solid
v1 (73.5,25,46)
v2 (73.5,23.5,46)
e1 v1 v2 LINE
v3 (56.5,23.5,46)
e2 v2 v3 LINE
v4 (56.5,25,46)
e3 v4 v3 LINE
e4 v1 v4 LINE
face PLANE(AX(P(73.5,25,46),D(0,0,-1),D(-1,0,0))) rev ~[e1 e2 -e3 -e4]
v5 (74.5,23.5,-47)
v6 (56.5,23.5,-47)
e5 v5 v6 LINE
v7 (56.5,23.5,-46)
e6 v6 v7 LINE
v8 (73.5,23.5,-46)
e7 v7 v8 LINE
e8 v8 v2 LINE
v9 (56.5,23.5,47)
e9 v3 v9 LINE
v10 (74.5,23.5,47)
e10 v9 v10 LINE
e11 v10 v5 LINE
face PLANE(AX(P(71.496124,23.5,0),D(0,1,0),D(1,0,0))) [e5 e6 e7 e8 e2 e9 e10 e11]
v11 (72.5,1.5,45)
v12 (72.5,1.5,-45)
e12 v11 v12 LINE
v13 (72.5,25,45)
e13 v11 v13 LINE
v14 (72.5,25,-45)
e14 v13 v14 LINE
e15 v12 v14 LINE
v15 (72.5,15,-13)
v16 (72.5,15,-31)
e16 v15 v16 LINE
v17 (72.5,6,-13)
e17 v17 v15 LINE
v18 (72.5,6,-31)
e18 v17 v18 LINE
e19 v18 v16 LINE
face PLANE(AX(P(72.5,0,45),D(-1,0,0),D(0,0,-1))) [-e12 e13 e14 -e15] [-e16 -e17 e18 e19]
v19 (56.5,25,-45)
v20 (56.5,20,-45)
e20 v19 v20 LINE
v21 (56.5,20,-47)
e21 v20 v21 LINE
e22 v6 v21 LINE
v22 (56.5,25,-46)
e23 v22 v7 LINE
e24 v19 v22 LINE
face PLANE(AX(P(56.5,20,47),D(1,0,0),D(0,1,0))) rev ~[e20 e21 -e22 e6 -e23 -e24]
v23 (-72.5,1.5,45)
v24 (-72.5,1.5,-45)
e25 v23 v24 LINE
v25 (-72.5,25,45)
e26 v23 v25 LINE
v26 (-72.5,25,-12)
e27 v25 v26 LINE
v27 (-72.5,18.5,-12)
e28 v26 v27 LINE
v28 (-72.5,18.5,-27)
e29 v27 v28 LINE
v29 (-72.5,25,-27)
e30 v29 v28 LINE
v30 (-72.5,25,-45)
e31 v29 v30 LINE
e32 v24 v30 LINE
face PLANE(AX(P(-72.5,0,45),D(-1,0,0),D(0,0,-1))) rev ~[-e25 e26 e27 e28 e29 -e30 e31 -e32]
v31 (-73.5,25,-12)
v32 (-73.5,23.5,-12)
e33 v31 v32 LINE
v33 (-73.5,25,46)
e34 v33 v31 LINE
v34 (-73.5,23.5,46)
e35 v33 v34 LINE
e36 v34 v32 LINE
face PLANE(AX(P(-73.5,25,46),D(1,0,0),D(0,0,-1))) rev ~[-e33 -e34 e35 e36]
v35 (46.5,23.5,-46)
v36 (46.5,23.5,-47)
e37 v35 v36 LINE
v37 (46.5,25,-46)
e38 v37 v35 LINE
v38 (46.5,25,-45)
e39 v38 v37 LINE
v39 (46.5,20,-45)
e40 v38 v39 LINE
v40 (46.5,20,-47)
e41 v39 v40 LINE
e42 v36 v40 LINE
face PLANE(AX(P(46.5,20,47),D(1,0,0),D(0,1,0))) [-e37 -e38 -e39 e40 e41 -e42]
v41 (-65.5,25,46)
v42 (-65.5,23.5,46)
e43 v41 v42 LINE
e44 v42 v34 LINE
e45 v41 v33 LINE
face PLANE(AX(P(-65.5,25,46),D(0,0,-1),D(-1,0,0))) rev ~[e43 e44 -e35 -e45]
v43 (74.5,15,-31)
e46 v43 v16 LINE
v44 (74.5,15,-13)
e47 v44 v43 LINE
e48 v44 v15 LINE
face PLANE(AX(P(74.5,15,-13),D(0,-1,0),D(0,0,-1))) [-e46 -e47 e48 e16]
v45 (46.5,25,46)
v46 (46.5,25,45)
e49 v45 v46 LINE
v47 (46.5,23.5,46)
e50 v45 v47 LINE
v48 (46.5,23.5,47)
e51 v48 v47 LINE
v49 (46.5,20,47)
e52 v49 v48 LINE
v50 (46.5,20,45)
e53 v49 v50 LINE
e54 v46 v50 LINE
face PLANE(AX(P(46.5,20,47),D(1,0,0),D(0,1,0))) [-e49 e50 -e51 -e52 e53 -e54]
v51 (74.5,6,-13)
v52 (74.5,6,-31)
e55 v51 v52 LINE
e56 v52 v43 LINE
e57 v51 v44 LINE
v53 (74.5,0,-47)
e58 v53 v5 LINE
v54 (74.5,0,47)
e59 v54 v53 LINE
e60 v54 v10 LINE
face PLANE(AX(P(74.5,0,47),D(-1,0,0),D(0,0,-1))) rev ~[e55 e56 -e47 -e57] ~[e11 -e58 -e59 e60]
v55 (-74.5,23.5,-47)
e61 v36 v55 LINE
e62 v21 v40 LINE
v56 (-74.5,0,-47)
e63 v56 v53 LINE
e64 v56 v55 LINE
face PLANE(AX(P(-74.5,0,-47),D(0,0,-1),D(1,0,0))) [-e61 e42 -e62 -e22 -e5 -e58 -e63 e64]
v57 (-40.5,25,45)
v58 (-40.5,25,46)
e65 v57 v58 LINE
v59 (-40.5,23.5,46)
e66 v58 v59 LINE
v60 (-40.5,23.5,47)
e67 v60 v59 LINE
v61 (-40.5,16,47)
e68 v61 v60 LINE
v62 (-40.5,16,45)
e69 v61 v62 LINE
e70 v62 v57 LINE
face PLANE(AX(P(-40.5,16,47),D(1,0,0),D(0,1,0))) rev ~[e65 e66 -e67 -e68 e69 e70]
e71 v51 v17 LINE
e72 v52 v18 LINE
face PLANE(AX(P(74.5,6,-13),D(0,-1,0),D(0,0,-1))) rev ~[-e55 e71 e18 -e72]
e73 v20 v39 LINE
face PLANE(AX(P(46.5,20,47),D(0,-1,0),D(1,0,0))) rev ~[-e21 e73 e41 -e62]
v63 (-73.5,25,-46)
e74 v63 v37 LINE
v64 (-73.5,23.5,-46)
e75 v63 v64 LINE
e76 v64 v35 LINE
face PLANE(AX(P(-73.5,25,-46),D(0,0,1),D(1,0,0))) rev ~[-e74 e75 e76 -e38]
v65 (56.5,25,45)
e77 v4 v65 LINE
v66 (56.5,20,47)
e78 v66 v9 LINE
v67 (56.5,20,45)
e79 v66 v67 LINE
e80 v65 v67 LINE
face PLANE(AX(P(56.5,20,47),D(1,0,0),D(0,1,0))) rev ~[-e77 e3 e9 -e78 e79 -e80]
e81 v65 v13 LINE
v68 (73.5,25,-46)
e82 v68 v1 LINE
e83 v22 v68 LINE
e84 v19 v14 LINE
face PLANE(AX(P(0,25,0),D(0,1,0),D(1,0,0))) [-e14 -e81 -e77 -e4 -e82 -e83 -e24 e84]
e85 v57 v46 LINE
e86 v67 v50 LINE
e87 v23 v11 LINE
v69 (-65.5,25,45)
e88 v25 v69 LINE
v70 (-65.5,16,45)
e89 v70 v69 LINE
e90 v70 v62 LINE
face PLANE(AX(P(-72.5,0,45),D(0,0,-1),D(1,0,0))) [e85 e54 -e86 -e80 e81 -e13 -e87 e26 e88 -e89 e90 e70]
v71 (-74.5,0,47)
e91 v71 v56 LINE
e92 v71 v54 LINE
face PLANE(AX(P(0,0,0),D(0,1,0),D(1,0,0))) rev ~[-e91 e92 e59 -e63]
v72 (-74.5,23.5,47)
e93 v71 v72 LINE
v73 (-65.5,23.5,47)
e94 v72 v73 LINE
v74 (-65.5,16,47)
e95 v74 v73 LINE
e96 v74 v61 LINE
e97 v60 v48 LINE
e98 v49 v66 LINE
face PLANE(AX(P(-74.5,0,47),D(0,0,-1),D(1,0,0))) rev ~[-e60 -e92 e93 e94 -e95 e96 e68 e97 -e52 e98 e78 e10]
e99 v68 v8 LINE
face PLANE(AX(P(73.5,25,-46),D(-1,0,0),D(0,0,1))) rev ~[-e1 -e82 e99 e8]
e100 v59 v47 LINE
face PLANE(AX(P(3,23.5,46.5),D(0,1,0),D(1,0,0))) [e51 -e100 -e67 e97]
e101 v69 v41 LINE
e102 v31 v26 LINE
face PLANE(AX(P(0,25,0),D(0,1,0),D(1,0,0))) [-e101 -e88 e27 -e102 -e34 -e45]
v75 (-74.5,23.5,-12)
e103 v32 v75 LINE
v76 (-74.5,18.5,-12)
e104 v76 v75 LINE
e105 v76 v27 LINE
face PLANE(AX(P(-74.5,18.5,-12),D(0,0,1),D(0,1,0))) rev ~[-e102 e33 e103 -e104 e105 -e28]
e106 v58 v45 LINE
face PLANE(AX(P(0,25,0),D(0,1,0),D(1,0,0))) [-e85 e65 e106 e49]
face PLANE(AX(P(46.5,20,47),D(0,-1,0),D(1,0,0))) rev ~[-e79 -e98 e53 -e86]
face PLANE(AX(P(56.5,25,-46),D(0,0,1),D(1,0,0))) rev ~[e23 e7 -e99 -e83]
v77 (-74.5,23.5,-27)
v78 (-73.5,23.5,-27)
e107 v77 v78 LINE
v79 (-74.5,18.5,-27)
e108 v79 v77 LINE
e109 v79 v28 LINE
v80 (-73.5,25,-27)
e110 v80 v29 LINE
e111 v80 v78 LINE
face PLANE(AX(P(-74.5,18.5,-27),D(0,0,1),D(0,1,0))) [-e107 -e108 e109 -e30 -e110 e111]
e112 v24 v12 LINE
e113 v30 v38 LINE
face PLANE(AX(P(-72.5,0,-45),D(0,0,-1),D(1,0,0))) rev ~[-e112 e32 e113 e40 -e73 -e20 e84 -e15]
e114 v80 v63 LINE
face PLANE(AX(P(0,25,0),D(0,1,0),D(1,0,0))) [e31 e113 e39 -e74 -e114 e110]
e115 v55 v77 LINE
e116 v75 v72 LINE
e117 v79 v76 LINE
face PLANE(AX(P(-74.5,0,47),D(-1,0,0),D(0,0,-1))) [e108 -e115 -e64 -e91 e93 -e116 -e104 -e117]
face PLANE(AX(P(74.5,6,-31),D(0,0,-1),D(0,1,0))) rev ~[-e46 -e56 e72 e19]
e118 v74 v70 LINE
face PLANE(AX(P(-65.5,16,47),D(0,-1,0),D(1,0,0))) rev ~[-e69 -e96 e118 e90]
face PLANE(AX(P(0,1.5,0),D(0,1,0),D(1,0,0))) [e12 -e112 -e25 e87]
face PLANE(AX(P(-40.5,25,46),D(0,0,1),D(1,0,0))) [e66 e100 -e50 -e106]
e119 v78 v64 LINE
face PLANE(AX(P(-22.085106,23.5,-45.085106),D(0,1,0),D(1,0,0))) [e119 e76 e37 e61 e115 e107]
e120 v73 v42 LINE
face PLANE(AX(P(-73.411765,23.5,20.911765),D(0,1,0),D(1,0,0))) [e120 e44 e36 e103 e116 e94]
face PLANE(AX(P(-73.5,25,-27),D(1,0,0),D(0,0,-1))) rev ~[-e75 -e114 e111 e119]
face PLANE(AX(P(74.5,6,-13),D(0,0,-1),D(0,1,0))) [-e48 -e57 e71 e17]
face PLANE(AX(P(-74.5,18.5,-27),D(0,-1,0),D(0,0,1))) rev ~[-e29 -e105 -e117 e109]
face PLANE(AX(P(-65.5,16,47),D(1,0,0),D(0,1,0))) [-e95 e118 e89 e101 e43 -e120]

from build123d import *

# Parameters (mm, degrees)
SKETCH2_W           = 145
SKETCH2_H           = 90
BOSS_EXTRUDE1_DEPTH = 1.5
SKETCH3_W           = 149
SKETCH3_H           = 94
SKETCH3_W_2         = 145
SKETCH3_H_2         = 90
BOSS_EXTRUDE2_DEPTH = 25
CUT_EXTRUDE1_REACH  = 124.52
SKETCH4_W           = 25
SKETCH4_H           = 15
CUT_EXTRUDE2_REACH  = 160.225
SKETCH5_W           = 18
SKETCH5_H           = 9
SKETCH6_W           = 10
SKETCH6_H           = 5
CUT_EXTRUDE3_DEPTH  = 123.520406464
CUT_EXTRUDE4_REACH  = 160.225
SKETCH7_W           = 15
SKETCH7_H           = 6.5
SKETCH9_W           = 87
SKETCH9_H           = 1
CUT_EXTRUDE5_DEPTH  = 1.5


with BuildPart() as part:
    # Sketch2 → Boss-Extrude1 (new body)
    with BuildSketch(Plane(origin=(0, 0, 0), x_dir=(1, 0, 0), z_dir=(0, 1, 0))):
        Rectangle(SKETCH2_W, SKETCH2_H)
    extrude(amount=BOSS_EXTRUDE1_DEPTH)

    # Sketch3 → Boss-Extrude2 (add)
    with BuildSketch(Plane(origin=(0, 0, 0), x_dir=(1, 0, 0), z_dir=(0, 1, 0))):
        Rectangle(SKETCH3_W, SKETCH3_H)
        Rectangle(SKETCH3_W_2, SKETCH3_H_2, mode=Mode.SUBTRACT)
    extrude(amount=BOSS_EXTRUDE2_DEPTH)

    # Sketch4 → Cut-Extrude1 (cut, up to next)
    with BuildSketch(Plane.XY.offset(47), mode=Mode.PRIVATE) as cut_extrude1_sk1:
        with Locations((-53, 23.5)):
            Rectangle(SKETCH4_W, SKETCH4_H)
    cut_extrude1_tool1 = extrude(cut_extrude1_sk1.sketch, amount=-CUT_EXTRUDE1_REACH, mode=Mode.PRIVATE) & part.part
    add(cut_extrude1_tool1.solids().sort_by_distance((-53, 23.5, 47))[0], mode=Mode.SUBTRACT)

    # Sketch5 → Cut-Extrude2 (cut, up to next)
    with BuildSketch(Plane(origin=(74.5, 0, 0), x_dir=(0, 0, -1), z_dir=(1, 0, 0)), mode=Mode.PRIVATE) as cut_extrude2_sk1:
        with Locations((22, 10.5)):
            Rectangle(SKETCH5_W, SKETCH5_H)
    cut_extrude2_tool1 = extrude(cut_extrude2_sk1.sketch, amount=-CUT_EXTRUDE2_REACH, mode=Mode.PRIVATE) & part.part
    add(cut_extrude2_tool1.solids().sort_by_distance((74.5, 10.5, -22))[0], mode=Mode.SUBTRACT)

    # Sketch6 → Cut-Extrude3 (cut, through all)
    with BuildSketch(Plane.XY.offset(47)):
        with Locations((51.5, 22.5)):
            Rectangle(SKETCH6_W, SKETCH6_H)
    extrude(amount=-CUT_EXTRUDE3_DEPTH, mode=Mode.SUBTRACT)

    # Sketch7 → Cut-Extrude4 (cut, up to next)
    with BuildSketch(Plane.ZY.offset(74.5), mode=Mode.PRIVATE) as cut_extrude4_sk1:
        with Locations((-19.5, 21.75)):
            Rectangle(SKETCH7_W, SKETCH7_H)
    cut_extrude4_tool1 = extrude(cut_extrude4_sk1.sketch, amount=-CUT_EXTRUDE4_REACH, mode=Mode.PRIVATE) & part.part
    add(cut_extrude4_tool1.solids().sort_by_distance((-74.5, 21.75, -19.5))[0], mode=Mode.SUBTRACT)

    # Sketch9 → Cut-Extrude5 (cut)
    with BuildSketch(Plane(origin=(0, 25, 0), x_dir=(1, 0, 0), z_dir=(0, 1, 0))):
        Polygon((-73.5, 12), (-74.5, 12), (-74.5, -47), (-65.5, -47), (-65.5, -46), (-73.5, -46), align=None)
        Polygon((-74.5, 27), (-73.5, 27), (-73.5, 46), (46.5, 46), (46.5, 47), (-74.5, 47), align=None)
        Polygon((56.5, -46), (56.5, -47), (74.5, -47), (74.5, 47), (56.5, 47), (56.5, 46), (73.5, 46), (73.5, -46), align=None)
        with Locations((3, -46.5)):
            Rectangle(SKETCH9_W, SKETCH9_H)
    extrude(amount=-CUT_EXTRUDE5_DEPTH, mode=Mode.SUBTRACT)


solid = part.part
